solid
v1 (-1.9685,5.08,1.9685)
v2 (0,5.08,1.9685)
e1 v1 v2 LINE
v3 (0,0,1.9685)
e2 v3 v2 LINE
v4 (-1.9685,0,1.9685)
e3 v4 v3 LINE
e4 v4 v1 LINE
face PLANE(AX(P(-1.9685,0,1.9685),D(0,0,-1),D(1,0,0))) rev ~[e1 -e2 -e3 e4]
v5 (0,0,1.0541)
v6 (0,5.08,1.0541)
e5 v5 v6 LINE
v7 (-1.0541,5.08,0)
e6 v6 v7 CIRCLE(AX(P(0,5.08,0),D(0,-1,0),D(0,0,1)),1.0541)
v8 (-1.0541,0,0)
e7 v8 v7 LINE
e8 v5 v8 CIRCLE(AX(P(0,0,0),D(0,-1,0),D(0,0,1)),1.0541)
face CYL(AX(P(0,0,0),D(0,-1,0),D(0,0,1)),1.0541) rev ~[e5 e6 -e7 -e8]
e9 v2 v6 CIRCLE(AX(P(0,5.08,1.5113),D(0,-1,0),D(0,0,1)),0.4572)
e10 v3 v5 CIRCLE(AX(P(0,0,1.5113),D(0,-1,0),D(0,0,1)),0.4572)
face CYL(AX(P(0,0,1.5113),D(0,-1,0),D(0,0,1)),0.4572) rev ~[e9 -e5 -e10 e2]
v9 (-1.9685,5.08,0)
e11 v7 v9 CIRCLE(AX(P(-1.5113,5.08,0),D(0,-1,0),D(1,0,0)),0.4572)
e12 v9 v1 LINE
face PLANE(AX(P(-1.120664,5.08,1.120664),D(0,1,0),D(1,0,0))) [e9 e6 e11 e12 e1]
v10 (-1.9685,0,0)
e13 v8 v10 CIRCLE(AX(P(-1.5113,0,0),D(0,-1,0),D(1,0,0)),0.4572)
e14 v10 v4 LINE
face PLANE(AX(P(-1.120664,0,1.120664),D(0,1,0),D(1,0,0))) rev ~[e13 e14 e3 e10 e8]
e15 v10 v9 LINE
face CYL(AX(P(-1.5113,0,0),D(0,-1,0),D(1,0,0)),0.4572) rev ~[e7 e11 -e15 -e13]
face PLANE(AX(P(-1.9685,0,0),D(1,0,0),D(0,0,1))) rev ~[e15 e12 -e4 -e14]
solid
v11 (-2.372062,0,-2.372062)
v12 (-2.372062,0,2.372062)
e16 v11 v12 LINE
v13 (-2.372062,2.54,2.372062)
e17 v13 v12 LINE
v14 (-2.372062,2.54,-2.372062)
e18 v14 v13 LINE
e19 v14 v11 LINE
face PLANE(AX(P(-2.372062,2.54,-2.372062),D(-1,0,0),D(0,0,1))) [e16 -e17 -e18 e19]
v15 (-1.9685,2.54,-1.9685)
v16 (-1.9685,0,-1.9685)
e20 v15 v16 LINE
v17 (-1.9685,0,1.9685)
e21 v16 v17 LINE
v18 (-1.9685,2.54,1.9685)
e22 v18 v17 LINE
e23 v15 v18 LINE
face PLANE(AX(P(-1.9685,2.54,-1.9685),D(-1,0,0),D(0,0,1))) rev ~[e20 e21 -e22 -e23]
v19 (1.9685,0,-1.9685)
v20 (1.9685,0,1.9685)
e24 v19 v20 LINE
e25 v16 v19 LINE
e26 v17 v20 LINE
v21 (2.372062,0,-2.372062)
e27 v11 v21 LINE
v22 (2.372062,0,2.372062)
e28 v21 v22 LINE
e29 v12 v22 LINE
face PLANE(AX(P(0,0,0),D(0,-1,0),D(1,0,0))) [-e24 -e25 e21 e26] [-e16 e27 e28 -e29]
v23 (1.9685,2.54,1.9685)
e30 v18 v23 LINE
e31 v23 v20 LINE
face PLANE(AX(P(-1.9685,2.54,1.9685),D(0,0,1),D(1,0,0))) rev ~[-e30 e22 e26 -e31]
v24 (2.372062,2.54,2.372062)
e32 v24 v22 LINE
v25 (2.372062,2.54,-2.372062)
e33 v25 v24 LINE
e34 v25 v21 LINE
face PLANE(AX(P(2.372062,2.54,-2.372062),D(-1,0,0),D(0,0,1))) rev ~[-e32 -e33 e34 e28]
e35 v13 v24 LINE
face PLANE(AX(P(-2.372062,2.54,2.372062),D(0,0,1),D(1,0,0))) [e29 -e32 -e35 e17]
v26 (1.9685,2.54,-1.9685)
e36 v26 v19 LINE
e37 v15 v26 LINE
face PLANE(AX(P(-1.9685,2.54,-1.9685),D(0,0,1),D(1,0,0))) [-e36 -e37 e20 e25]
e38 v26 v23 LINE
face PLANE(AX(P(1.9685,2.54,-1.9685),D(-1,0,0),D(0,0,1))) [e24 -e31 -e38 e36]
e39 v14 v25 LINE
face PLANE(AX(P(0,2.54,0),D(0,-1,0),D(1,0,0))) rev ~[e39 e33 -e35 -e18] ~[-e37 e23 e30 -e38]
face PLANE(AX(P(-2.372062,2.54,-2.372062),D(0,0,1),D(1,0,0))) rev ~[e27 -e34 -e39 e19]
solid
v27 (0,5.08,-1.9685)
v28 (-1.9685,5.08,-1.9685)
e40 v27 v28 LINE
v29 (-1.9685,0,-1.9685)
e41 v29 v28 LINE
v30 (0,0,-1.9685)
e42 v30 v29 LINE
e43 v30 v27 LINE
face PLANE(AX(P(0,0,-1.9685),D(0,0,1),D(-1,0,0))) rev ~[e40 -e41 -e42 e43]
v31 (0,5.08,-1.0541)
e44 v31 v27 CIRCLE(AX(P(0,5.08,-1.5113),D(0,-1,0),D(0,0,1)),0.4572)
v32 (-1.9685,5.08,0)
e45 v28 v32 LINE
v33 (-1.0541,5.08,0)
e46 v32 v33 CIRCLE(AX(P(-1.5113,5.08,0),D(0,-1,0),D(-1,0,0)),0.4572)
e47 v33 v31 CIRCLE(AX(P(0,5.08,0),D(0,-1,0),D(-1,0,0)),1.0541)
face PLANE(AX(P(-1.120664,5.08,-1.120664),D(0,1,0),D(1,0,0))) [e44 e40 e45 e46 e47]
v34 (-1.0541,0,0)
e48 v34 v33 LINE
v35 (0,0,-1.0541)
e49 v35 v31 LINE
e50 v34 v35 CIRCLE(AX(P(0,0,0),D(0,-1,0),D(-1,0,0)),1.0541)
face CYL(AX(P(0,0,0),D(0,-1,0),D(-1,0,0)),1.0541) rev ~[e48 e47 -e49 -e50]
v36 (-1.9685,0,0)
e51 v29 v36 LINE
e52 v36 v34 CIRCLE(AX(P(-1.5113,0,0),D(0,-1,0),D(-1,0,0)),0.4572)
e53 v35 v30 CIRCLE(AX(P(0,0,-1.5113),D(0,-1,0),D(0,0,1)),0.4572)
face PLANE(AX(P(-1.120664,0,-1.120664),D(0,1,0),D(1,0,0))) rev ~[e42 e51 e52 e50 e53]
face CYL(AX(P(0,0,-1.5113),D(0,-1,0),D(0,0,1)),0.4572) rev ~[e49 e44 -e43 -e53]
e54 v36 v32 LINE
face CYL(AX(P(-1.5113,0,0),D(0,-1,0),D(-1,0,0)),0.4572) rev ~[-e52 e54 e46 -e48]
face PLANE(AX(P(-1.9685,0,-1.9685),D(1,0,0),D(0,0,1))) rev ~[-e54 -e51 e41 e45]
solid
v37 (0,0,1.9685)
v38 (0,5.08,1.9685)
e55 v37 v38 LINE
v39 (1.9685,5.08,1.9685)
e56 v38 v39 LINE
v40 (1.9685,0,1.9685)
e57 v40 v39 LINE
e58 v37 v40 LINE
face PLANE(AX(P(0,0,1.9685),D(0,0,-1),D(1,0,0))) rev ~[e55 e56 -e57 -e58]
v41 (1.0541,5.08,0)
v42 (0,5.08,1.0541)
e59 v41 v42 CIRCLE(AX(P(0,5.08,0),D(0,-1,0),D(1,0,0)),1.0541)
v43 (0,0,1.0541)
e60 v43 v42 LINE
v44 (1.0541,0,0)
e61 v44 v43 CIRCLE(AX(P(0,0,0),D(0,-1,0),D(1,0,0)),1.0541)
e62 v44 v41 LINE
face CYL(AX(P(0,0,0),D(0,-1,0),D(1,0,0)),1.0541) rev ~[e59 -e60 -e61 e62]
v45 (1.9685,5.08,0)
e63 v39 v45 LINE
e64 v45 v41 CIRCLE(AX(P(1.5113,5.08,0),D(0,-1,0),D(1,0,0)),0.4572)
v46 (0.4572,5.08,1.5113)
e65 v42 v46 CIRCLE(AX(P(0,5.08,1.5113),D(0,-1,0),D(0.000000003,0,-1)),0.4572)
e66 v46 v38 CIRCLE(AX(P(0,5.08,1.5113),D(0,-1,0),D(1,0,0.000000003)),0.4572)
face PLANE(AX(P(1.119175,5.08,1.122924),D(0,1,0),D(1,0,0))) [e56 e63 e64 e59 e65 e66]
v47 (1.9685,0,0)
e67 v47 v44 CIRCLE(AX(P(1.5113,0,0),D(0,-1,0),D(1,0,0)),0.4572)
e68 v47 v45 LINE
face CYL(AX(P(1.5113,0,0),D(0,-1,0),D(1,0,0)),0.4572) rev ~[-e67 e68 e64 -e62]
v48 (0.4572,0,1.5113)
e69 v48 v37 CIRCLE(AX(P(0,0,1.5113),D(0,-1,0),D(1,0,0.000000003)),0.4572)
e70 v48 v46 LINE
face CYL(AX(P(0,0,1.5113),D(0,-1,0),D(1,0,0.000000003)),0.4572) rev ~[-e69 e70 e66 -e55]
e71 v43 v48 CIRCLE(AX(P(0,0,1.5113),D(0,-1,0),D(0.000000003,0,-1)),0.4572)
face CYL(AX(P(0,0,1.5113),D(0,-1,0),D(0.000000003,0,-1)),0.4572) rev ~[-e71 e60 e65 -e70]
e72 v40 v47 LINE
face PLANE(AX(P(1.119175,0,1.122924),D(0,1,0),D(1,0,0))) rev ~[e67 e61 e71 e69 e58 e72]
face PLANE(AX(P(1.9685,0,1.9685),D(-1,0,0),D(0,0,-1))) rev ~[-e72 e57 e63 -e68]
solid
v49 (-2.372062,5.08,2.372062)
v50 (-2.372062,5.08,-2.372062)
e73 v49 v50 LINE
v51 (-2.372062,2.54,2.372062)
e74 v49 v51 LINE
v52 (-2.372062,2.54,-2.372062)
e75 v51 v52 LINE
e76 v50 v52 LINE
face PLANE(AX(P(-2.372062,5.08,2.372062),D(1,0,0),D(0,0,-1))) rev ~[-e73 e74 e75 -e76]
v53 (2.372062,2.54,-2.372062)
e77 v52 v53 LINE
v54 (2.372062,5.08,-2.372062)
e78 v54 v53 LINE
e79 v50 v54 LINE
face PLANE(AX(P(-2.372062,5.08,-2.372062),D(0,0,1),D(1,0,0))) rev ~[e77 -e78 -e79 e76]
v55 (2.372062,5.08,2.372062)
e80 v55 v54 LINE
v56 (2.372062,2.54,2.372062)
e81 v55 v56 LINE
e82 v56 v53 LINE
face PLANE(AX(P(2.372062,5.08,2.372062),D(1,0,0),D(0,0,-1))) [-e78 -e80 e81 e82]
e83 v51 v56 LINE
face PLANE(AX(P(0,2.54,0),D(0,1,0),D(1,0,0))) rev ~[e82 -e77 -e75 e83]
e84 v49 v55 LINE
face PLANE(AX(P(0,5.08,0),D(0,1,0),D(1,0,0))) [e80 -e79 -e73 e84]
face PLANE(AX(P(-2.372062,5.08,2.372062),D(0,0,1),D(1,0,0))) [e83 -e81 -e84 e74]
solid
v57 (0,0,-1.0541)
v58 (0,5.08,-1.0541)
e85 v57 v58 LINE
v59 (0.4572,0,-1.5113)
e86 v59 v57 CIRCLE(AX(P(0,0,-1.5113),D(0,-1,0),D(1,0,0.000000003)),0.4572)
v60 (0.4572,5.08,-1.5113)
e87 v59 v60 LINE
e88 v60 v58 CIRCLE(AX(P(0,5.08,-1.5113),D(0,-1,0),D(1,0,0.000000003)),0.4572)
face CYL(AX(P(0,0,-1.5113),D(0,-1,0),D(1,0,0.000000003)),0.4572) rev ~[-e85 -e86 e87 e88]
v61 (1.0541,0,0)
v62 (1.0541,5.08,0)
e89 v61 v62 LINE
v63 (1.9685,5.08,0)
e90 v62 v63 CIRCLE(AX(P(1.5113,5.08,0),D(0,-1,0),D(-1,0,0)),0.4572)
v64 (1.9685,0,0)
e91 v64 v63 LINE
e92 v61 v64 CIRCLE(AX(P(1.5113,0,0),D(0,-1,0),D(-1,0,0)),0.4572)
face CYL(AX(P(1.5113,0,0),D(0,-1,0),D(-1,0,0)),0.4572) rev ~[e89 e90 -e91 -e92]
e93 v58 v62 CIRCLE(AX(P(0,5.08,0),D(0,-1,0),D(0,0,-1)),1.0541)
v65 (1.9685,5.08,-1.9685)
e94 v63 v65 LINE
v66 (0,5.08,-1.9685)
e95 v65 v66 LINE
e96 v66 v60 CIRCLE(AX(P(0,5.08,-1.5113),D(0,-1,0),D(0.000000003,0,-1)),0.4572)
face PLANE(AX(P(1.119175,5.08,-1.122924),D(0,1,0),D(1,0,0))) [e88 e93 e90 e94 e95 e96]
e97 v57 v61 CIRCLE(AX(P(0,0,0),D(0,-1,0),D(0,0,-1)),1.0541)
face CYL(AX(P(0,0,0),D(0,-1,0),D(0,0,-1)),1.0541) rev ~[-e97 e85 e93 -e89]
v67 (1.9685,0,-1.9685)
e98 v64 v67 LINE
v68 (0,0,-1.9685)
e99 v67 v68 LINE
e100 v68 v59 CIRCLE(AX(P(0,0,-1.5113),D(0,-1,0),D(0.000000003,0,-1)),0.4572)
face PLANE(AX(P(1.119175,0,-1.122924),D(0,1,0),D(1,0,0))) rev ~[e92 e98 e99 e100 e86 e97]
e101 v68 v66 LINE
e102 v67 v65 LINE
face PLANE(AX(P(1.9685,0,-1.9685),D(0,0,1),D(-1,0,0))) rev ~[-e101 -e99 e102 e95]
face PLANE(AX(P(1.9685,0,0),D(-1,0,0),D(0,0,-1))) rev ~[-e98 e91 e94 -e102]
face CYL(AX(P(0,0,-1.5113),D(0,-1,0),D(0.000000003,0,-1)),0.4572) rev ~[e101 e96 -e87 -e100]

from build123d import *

# Parameters (mm, degrees)
BOSS_EXTRUDE1_DEPTH   = 5.08
BOSS_EXTRUDE1_2_DEPTH = 5.08
BOSS_EXTRUDE1_3_DEPTH = 5.08
BOSS_EXTRUDE1_4_DEPTH = 5.08
SKETCH2_W             = 4.744123862
SKETCH2_H             = 4.744123862
BOSS_EXTRUDE10_DEPTH  = 2.54
SKETCH3_W             = 4.744123862
SKETCH3_H             = 4.744123862
SKETCH3_W_2           = 3.937
SKETCH3_H_2           = 3.937
BOSS_EXTRUDE13_DEPTH  = 2.54


with BuildPart() as part:
    # Sketch1 → Boss-Extrude1 (new body)
    with BuildSketch(Plane(origin=(0, 0, 0), x_dir=(1, 0, 0), z_dir=(0, 1, 0))):
        with BuildLine():
            Line((-1.9685, 1.9685), (-1.9685, 0))
            ThreePointArc((-1.9685, 0), (-1.5113, 0.4572), (-1.0541, 0))
            ThreePointArc((-1.0541, 0), (-0.745361258, 0.745361258), (0, 1.0541))
            ThreePointArc((0, 1.0541), (-0.4572, 1.5113), (0, 1.9685))
            Line((0, 1.9685), (-1.9685, 1.9685))
        make_face()
    extrude(amount=BOSS_EXTRUDE1_DEPTH)


with BuildPart() as body_2:
    # Sketch1 → Boss-Extrude1 2 (new body)
    with BuildSketch(Plane(origin=(0, 0, 0), x_dir=(1, 0, 0), z_dir=(0, 1, 0))):
        with BuildLine():
            Line((1.9685, 1.9685), (0, 1.9685))
            ThreePointArc((0, 1.9685), (0.32328922, 1.83458922), (0.4572, 1.5113))
            ThreePointArc((0.4572, 1.5113), (0.32328922, 1.18801078), (0, 1.0541))
            ThreePointArc((0, 1.0541), (0.745361258, 0.745361258), (1.0541, 0))
            ThreePointArc((1.0541, 0), (1.5113, 0.4572), (1.9685, 0))
            Line((1.9685, 0), (1.9685, 1.9685))
        make_face()
    extrude(amount=BOSS_EXTRUDE1_2_DEPTH)


with BuildPart() as body_3:
    # Sketch1 → Boss-Extrude1 3 (new body)
    with BuildSketch(Plane(origin=(0, 0, 0), x_dir=(1, 0, 0), z_dir=(0, 1, 0))):
        with BuildLine():
            ThreePointArc((0.4572, -1.5113), (0.32328922, -1.83458922), (0, -1.9685))
            Line((0, -1.9685), (1.9685, -1.9685))
            Line((1.9685, -1.9685), (1.9685, 0))
            ThreePointArc((1.9685, 0), (1.5113, -0.4572), (1.0541, 0))
            ThreePointArc((1.0541, 0), (0.745361258, -0.745361258), (0, -1.0541))
            ThreePointArc((0, -1.0541), (0.32328922, -1.18801078), (0.4572, -1.5113))
        make_face()
    extrude(amount=BOSS_EXTRUDE1_3_DEPTH)


with BuildPart() as body_4:
    # Sketch1 → Boss-Extrude1 4 (new body)
    with BuildSketch(Plane(origin=(0, 0, 0), x_dir=(1, 0, 0), z_dir=(0, 1, 0))):
        with BuildLine():
            ThreePointArc((-1.0541, 0), (-1.5113, -0.4572), (-1.9685, 0))
            Line((-1.9685, 0), (-1.9685, -1.9685))
            Line((-1.9685, -1.9685), (0, -1.9685))
            ThreePointArc((0, -1.9685), (-0.4572, -1.5113), (0, -1.0541))
            ThreePointArc((0, -1.0541), (-0.745361258, -0.745361258), (-1.0541, 0))
        make_face()
    extrude(amount=BOSS_EXTRUDE1_4_DEPTH)


with BuildPart() as body_5:
    # Sketch2 → Boss-Extrude10 (new body)
    with BuildSketch(Plane(origin=(0, 5.08, 0), x_dir=(1, 0, 0), z_dir=(0, 1, 0))):
        Rectangle(SKETCH2_W, SKETCH2_H)
    extrude(amount=-BOSS_EXTRUDE10_DEPTH)


with BuildPart() as body_6:
    # Sketch3 → Boss-Extrude13 (new body)
    with BuildSketch(Plane.XZ.offset(-2.54)):
        Rectangle(SKETCH3_W, SKETCH3_H)
        Rectangle(SKETCH3_W_2, SKETCH3_H_2, mode=Mode.SUBTRACT)
    extrude(amount=BOSS_EXTRUDE13_DEPTH)


solid = Compound([part.part, body_2.part, body_3.part, body_4.part, body_5.part, body_6.part])
